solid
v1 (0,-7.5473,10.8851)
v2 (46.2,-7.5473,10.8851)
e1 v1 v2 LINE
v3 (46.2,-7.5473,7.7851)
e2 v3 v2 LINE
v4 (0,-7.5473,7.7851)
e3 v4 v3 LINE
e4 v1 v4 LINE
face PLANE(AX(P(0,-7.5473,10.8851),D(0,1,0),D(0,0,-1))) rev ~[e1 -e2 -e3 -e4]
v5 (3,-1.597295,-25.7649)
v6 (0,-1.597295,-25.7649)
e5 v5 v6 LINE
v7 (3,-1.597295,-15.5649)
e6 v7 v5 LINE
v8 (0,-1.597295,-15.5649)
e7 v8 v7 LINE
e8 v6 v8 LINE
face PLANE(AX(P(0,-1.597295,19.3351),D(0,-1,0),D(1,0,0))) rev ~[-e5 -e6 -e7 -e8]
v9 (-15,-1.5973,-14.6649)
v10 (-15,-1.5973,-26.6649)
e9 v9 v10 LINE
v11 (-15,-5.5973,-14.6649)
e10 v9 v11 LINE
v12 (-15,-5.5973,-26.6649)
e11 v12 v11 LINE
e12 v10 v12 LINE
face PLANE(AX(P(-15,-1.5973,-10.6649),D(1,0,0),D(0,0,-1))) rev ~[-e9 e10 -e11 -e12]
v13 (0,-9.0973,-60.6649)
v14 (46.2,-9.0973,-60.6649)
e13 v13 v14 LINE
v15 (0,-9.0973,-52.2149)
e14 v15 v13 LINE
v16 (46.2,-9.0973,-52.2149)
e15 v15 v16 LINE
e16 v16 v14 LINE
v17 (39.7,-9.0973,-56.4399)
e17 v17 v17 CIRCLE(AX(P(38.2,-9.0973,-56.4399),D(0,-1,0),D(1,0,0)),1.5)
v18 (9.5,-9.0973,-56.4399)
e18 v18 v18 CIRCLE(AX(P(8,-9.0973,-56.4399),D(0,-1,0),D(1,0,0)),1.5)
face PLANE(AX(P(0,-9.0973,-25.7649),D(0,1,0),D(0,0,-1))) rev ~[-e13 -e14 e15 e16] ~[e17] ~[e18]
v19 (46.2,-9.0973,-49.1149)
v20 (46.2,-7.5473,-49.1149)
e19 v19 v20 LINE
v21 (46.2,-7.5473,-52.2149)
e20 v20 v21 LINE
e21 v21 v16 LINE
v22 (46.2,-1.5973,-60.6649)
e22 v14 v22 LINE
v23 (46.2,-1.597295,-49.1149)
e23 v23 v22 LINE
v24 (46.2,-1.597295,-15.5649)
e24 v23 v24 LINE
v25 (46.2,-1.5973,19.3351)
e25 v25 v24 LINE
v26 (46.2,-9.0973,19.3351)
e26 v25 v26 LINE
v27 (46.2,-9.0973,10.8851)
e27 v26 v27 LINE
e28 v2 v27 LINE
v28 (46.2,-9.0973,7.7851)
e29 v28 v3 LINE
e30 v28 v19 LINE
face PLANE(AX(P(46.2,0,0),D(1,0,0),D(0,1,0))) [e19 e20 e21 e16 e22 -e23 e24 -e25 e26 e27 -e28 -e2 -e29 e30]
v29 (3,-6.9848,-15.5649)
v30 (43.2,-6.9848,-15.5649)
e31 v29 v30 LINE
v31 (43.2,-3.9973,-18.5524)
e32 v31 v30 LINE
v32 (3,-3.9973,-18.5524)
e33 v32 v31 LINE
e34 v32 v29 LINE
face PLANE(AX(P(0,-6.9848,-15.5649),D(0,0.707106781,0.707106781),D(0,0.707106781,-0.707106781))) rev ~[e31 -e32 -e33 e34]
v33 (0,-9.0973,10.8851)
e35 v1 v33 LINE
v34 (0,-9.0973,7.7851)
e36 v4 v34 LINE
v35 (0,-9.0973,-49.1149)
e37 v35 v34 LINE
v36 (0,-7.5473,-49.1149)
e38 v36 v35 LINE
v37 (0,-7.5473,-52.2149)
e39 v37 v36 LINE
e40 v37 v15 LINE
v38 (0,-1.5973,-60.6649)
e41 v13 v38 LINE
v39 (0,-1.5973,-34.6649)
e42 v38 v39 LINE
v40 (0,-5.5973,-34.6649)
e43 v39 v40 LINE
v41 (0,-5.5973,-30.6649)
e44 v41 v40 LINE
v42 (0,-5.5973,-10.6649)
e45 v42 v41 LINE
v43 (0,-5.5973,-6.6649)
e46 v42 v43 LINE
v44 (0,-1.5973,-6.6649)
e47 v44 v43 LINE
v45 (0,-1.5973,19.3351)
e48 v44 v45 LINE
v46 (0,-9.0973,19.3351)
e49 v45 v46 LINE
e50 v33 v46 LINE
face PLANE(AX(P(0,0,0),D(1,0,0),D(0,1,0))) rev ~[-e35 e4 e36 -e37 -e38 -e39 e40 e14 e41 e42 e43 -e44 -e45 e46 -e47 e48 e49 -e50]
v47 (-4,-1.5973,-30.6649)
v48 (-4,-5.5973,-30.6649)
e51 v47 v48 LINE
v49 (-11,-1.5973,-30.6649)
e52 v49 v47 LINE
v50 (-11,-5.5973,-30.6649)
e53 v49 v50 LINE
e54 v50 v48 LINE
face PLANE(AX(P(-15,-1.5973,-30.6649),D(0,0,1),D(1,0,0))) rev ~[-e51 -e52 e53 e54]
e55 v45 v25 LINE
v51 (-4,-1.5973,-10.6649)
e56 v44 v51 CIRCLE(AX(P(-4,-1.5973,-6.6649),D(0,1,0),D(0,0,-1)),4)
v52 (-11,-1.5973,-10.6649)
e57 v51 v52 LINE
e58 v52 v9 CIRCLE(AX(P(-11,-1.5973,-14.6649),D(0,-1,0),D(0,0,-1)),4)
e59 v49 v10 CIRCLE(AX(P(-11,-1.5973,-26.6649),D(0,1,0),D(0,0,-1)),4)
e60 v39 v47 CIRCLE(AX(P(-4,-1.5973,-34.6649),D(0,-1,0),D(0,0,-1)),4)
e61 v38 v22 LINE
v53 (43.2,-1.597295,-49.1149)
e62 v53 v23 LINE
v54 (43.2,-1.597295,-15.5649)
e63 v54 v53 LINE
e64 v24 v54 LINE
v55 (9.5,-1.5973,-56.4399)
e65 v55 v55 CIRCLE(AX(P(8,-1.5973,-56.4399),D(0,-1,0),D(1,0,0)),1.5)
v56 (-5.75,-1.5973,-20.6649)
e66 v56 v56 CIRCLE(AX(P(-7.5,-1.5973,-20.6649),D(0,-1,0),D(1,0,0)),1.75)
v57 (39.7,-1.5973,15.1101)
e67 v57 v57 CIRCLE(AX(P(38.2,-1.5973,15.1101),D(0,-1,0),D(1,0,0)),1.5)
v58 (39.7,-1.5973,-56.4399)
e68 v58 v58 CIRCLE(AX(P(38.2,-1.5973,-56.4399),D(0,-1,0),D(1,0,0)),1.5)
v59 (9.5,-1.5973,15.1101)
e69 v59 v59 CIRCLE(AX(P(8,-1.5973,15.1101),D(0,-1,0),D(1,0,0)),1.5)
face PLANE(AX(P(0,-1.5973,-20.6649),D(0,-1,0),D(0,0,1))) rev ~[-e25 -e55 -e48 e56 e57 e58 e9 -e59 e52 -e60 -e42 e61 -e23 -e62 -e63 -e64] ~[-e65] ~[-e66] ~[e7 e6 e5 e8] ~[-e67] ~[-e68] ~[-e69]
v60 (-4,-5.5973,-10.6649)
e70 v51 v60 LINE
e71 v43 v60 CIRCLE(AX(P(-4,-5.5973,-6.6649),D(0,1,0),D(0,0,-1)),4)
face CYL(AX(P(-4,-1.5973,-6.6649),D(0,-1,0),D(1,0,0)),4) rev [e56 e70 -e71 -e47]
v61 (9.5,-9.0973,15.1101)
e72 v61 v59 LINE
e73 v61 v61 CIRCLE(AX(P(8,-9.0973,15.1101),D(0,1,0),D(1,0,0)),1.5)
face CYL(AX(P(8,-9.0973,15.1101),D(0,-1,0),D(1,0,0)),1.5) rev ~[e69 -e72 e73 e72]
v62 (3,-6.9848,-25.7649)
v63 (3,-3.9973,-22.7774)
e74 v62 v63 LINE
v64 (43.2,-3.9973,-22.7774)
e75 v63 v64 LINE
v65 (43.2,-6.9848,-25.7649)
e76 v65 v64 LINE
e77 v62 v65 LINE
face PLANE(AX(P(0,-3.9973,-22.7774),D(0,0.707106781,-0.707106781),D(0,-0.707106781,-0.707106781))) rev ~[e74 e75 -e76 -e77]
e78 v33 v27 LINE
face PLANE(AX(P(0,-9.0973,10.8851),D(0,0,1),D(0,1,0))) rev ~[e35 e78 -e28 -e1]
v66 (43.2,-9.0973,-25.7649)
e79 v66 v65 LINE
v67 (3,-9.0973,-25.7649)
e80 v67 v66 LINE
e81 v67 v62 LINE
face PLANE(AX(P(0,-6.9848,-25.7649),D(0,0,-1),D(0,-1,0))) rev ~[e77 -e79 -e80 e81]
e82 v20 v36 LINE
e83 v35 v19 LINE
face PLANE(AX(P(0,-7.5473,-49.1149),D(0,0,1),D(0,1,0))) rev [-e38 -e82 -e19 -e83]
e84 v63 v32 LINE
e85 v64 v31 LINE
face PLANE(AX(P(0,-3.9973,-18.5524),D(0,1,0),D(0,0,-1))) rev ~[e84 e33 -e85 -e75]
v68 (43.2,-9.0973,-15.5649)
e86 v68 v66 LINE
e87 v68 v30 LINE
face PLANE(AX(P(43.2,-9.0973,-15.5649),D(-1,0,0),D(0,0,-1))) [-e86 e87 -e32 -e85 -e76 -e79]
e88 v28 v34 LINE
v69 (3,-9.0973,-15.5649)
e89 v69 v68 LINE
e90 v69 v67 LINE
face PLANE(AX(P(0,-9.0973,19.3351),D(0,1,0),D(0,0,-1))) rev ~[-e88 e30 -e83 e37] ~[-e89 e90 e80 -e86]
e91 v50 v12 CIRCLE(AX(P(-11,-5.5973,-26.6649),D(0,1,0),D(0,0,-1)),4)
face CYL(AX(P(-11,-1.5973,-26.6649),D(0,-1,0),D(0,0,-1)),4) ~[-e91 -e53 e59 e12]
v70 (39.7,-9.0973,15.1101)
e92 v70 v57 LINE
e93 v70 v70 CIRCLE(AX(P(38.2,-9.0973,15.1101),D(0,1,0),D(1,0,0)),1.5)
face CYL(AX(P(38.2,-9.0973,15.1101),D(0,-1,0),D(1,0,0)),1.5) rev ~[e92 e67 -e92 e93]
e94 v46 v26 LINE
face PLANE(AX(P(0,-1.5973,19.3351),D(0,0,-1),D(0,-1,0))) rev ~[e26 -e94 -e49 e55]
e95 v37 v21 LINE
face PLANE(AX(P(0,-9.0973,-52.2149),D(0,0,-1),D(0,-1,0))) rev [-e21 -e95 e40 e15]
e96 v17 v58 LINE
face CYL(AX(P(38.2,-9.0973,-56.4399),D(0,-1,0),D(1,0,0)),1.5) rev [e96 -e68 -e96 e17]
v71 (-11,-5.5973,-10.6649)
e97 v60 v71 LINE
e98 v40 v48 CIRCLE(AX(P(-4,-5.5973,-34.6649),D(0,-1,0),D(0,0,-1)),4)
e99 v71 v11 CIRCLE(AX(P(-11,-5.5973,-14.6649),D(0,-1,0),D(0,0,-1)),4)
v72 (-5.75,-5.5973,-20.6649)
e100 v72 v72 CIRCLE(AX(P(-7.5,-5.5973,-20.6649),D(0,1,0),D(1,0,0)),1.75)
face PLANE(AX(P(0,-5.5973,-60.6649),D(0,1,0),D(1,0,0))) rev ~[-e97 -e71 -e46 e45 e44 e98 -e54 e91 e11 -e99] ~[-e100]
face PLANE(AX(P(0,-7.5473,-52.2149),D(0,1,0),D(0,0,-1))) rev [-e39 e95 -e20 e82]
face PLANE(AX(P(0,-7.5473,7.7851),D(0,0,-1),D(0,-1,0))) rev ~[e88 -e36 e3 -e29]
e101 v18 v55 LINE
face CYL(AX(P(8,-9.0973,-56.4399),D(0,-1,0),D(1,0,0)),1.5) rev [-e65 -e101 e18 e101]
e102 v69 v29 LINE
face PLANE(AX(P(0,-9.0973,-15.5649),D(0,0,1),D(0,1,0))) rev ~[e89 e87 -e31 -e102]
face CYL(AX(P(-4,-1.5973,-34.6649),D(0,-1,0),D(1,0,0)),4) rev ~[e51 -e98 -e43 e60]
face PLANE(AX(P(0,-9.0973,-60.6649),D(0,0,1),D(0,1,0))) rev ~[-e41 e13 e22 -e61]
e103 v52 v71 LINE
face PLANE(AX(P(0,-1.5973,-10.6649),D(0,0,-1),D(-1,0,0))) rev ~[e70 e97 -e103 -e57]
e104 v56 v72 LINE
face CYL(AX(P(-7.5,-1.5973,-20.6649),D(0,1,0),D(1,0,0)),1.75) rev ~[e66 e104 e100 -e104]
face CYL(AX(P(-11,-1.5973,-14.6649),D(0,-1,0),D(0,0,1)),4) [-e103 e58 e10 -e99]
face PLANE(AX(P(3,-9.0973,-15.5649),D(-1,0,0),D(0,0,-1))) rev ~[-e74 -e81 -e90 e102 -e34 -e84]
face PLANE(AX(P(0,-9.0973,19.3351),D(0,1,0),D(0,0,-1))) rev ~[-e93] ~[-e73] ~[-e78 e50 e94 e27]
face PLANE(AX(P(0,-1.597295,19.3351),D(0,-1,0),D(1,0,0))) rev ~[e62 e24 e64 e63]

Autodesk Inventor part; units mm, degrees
ref_plane "YZ Plane" through (0, 0, 0) normal (1, 0, 0) x (0, 1, 0)
ref_plane "XZ Plane" through (0, 0, 0) normal (0, 1, 0) x (-1, 0, 0)
sketch "Sketch1" plane through (0, 0, 0) normal (1, 0, 0) x (0, 1, 0)
  line L0 (-1.5973, 19.3351) -> (-9.0973, 19.3351)
  line L1 (-9.0973, -60.6649) -> (-1.5973, -60.6649)
  line L2 (-1.5973, -60.6649) -> (-1.5973, 19.3351)
  line L3 (20.1932, -20.6649) -> (-21.0203, -20.6649)
  line L4 (-9.0973, 19.3351) -> (-9.0973, -15.5649)
  line L5 (-9.0973, -25.7649) -> (-9.0973, -60.6649)
  circle A0 centre (-9.0973, -20.6649) radius 5.1 construction
  line L6 (-11.2098, -15.5649) -> (-6.9848, -15.5649)
  line L7 (-6.9848, -15.5649) -> (-3.9973, -18.5524)
  line L8 (-3.9973, -18.5524) -> (-3.9973, -22.7774)
  line L9 (-3.9973, -22.7774) -> (-6.9848, -25.7649)
  line L10 (-6.9848, -25.7649) -> (-11.2098, -25.7649)
  line L11 (-10.6473, 10.8851) -> (-7.5473, 10.8851)
  line L12 (-7.5473, 10.8851) -> (-7.5473, 7.7851)
  line L13 (-7.5473, 7.7851) -> (-10.6473, 7.7851)
  line L14 (-10.6473, 7.7851) -> (-10.6473, 10.8851)
  line L15 (-10.6473, 10.8851) -> (-7.5473, 7.7851) construction
  line L16 (-7.5473, 10.8851) -> (-10.6473, 7.7851) construction
  point P0 (0, 0)
  point P1 (-9.0973, 9.3351)
  dimension "d6" = 10.2
  dimension "d2" = 7.5
  dimension "d3" = 80
  dimension "d7" = 3.1
  dimension "d9" = 60
extrude "Extrusion1" add sketch "Sketch1" along normal blind 46.2 contours L2 L3 L8 L7 L6 L4 L13 L12 L11 L0 | L2 L1 L5 L10 L9 L8 L3 | L11 L12 L13 L4
extrude "Extrusion2" cut sketch "Sketch1" along normal through all contours L11 L12 L13 L4 | L4 L13 L14 L11
ref_plane "Work Plane1" through (0, -1.5973, -20.6649) normal (0, 0, 1) x (1, 0, 0)
mirror "Mirror1" about plane through (0, -1.5973, -20.6649) normal (0, 0, 1) of "Extrusion2"
sketch "Sketch2" plane through (0, -9.0973, 19.3351) normal (0, -1, 0) x (1, 0, 0)
  line L0 (0, 0) -> (0, -8.45) projected
  line L1 (0, -4.225) -> (55.9081, -4.225)
  line L2 (0, 0) -> (46.2, 0) projected
  line L3 (23.1, 0) -> (23.1, -31.5844)
  line L4 (8, 4.0283) -> (8, -8.7646)
  circle A0 centre (8, -4.225) radius 1.5
  circle A1 centre (38.2, -4.225) radius 1.5
  point P0 (0, -19.3351)
  dimension "d12" = 8
  dimension "d13" = 3
extrude "Extrusion3" cut sketch "Sketch2" against normal through all contours A1 L1 | L1 A1 | A0 L4 L1 | L1 L4 A0 | A0 L1 L4 | L1 A0 L4
mirror "Mirror2" about plane through (0, -1.5973, -20.6649) normal (0, 0, 1) of "Extrusion3"
sketch "Sketch3" plane through (0, -9.0973, 19.3351) normal (0, -1, 0) x (1, 0, 0)
  line L0 (0, -68.45) -> (46.2, -68.45) projected
  line L1 (46.2, -34.9) -> (43.2, -34.9)
  line L2 (43.2, -34.9) -> (43.2, -68.45)
  line L3 (43.2, -68.45) -> (46.2, -68.45)
  line L4 (46.2, -68.45) -> (46.2, -34.9)
  line L5 (0, -34.9) -> (3, -34.9)
  line L6 (3, -34.9) -> (3, -45.1)
  line L7 (3, -45.1) -> (0, -45.1)
  line L8 (0, -45.1) -> (0, -34.9)
  point P0 (0, -19.3351)
  dimension "d16" = 3
  dimension "d17" = 3
extrude "Extrusion4" add sketch "Sketch3" against normal through all
sketch "Sketch4" plane through (0, -1.5973, -60.6649) normal (0, 1, 0) x (1, 0, 0)
  line L0 (0, -50) -> (-15, -50)
  line L1 (-15, -50) -> (-15, -30)
  line L2 (-15, -30) -> (0, -30)
  line L3 (0, -30) -> (0, -50)
  line L4 (58.44, -40) -> (-27.24, -40) projected
  line L5 (0, 0) -> (0, -80) construction
  circle A0 centre (-7.5, -40) radius 1.75
  point P0 (0, -60.6649)
  dimension "d20" = 15
  dimension "d21" = 20
  dimension "d22" = 3.5
  dimension "d23" = 7.5
extrude "Extrusion5" add sketch "Sketch4" against normal blind 4 contours L0 L1 L4 A0 L3 | L4 A0 L1 L2 L3
fillet "Fillet1" radius 4 4 edges at (0, -3.5973, -10.6649) (-15, -3.5973, -10.6649) (-15, -3.5973, -30.6649) (0, -3.5973, -30.6649)
equation "\"d17\" = d16"
properties part number "PRING_piston_case_half"
